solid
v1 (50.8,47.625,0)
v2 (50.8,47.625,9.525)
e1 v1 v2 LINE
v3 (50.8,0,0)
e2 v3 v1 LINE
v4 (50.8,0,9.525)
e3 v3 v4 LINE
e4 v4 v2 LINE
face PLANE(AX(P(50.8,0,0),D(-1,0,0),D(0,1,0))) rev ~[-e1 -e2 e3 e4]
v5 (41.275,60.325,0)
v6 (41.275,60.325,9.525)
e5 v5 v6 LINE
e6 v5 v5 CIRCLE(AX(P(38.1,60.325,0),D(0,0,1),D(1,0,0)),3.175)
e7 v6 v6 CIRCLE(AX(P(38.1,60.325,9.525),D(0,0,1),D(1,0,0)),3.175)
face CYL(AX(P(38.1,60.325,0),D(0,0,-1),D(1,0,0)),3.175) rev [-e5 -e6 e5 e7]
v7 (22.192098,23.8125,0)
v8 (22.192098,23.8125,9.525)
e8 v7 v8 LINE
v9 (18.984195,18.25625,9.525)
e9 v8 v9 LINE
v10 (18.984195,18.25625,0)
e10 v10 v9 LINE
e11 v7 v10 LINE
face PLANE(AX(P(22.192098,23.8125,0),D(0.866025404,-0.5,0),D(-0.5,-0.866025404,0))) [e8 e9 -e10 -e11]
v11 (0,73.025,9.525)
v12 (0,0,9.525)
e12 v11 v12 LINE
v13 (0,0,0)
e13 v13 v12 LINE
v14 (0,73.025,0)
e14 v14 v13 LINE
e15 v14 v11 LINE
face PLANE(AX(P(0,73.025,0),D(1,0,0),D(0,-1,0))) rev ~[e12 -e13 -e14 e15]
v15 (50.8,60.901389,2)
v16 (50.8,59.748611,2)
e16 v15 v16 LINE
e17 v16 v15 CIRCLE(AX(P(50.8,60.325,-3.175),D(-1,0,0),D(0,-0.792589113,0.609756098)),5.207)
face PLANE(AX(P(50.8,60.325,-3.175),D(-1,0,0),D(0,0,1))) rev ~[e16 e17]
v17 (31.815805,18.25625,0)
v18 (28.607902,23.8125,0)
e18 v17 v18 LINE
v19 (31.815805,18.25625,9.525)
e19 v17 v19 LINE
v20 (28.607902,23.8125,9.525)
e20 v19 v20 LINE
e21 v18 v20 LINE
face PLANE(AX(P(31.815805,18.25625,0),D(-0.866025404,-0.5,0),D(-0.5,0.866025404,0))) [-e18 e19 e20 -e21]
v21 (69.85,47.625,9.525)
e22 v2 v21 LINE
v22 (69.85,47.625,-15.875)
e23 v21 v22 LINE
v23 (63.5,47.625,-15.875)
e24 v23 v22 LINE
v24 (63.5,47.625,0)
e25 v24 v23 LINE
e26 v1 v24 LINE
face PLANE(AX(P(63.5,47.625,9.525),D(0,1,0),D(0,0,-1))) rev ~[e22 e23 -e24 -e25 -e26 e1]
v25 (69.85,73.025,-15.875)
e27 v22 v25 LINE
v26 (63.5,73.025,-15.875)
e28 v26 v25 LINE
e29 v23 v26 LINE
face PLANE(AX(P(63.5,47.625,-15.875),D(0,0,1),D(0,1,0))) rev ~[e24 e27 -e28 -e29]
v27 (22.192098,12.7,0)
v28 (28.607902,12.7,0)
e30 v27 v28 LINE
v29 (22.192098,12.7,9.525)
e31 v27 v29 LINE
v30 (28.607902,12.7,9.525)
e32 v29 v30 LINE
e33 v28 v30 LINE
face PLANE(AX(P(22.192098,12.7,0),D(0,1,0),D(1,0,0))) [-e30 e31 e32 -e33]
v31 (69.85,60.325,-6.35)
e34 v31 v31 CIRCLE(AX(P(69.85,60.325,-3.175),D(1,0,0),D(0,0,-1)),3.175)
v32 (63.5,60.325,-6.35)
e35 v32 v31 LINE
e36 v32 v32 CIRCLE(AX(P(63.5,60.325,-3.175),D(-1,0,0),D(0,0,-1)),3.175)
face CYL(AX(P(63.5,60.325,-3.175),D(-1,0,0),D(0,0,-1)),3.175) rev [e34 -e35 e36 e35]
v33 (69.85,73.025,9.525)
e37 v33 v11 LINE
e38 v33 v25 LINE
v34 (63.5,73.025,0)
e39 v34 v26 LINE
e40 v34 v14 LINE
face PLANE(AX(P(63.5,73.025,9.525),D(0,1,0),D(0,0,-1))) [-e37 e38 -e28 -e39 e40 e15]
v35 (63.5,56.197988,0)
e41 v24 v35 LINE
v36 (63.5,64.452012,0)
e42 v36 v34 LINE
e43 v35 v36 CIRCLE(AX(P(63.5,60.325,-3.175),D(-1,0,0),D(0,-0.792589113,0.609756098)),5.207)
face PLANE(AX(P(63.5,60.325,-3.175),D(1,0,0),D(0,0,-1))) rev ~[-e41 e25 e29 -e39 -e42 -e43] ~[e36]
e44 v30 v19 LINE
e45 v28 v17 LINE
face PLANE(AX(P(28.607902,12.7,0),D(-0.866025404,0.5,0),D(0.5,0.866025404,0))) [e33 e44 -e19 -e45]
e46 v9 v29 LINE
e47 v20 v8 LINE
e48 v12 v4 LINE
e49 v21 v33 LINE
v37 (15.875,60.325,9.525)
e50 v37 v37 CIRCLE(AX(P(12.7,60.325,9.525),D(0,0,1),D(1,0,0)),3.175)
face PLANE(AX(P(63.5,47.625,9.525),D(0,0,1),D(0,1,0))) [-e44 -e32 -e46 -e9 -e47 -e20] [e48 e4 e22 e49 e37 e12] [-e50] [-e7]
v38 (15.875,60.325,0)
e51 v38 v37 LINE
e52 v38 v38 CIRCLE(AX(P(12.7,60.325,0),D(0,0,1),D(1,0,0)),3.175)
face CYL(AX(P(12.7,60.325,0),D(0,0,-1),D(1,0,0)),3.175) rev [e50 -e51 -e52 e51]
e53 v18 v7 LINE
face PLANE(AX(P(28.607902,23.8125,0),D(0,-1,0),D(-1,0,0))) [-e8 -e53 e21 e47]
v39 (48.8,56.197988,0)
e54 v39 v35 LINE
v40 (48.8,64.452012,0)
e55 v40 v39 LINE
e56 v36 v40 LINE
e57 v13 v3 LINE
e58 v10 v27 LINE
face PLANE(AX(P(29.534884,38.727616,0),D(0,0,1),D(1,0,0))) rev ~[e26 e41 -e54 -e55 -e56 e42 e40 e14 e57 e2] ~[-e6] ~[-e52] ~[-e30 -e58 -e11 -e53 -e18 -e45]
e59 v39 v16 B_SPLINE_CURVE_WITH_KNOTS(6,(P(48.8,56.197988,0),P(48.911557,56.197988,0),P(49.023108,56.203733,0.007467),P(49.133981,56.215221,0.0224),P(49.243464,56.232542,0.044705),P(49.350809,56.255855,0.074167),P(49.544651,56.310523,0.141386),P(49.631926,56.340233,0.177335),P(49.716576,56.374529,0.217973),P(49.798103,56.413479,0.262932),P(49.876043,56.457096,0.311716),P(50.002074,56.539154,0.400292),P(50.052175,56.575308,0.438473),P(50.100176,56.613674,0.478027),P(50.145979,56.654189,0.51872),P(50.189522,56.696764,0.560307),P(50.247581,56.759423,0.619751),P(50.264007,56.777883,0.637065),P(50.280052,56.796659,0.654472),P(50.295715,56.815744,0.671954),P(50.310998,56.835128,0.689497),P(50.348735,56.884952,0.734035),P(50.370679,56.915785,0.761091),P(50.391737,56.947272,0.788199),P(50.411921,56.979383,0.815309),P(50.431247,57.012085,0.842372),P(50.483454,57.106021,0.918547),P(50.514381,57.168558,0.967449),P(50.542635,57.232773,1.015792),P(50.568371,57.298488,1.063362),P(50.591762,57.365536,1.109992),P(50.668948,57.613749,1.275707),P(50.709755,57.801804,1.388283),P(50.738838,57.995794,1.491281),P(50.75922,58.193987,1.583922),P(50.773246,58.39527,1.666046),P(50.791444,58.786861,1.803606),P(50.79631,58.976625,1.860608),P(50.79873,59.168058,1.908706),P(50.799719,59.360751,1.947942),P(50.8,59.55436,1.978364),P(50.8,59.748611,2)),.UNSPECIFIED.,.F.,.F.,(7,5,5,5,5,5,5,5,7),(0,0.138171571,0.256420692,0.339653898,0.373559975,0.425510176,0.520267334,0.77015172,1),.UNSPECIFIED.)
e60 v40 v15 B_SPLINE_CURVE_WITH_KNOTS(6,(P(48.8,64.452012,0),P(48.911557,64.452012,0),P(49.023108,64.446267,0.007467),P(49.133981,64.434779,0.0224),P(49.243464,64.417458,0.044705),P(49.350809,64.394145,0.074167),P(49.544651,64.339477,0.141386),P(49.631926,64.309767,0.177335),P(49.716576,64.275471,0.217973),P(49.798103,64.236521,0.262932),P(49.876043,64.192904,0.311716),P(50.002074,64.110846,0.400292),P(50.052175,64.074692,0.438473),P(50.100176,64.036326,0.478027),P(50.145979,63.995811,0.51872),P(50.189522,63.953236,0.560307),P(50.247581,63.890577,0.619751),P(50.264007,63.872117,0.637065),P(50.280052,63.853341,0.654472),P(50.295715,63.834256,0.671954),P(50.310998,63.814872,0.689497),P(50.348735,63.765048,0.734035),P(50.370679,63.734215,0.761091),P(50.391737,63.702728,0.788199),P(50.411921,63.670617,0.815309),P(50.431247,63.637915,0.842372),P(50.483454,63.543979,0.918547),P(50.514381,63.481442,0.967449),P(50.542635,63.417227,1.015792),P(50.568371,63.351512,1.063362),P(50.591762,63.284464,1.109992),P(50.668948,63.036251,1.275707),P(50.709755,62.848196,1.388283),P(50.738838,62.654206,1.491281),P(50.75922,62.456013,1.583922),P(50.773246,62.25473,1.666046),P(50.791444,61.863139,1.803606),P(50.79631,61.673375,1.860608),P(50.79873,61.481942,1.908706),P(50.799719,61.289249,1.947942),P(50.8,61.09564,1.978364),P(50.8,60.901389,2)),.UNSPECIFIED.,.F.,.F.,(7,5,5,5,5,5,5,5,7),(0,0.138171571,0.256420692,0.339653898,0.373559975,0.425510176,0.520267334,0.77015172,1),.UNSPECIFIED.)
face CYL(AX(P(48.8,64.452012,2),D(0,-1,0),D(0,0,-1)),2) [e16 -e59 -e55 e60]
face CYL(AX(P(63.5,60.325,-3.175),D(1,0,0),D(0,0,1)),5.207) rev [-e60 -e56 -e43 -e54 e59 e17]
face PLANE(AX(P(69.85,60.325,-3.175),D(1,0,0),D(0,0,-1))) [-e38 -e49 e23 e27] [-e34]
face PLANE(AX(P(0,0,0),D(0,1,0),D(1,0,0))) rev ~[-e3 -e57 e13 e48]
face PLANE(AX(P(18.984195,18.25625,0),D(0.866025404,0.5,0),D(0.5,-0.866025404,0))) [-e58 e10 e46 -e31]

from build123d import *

# Parameters (mm, degrees)
SKETCH2_R      = 3.175
EXTRUDE1_DEPTH = 9.525
SKETCH3_W      = 25.4
SKETCH3_H      = 25.4
SKETCH3_R      = 3.175
EXTRUDE2_DEPTH = 6.35
SKETCH4_R      = 5.207
EXTRUDE3_DEPTH = 12.7
FILLET1_R      = 2


with BuildPart() as part:
    # Sketch2 → Extrude1 (new body)
    with BuildSketch(Plane.XY):
        Polygon((0, 0), (50.8, 0), (50.8, 47.625), (63.5, 47.625), (63.5, 73.025), (50.8, 73.025), (0, 73.025), align=None)
        with Locations((12.7, 60.325)):
            Circle(SKETCH2_R, mode=Mode.SUBTRACT)
        with Locations((38.1, 60.325)):
            Circle(SKETCH2_R, mode=Mode.SUBTRACT)
        Polygon((31.815804866, 18.25625), (28.607902433, 23.8125), (22.192097567, 23.8125), (18.984195134, 18.25625), (22.192097567, 12.7), (28.607902433, 12.7), align=None, mode=Mode.SUBTRACT)
    extrude(amount=EXTRUDE1_DEPTH)

    # Sketch3 → Extrude2 (add)
    with BuildSketch(Plane(origin=(63.5, 0, 0), x_dir=(0, 0, -1), z_dir=(1, 0, 0))):
        with Locations((3.175, 60.325)):
            Rectangle(SKETCH3_W, SKETCH3_H)
        with Locations((3.175, 60.325)):
            Circle(SKETCH3_R, mode=Mode.SUBTRACT)
    extrude(amount=EXTRUDE2_DEPTH)

    # Sketch4 → Extrude3 (cut)
    with BuildSketch(Plane.ZY.offset(-63.5)):
        with Locations((-3.175, 60.325)):
            Circle(SKETCH4_R)
    extrude(amount=EXTRUDE3_DEPTH, mode=Mode.SUBTRACT)

    # Fillet1
    fillet1_edges = [part.edges().sort_by_distance(p)[0] for p in [
        (50.8, 60.325, 0),
    ]]
    fillet(fillet1_edges, radius=FILLET1_R)


solid = part.part
